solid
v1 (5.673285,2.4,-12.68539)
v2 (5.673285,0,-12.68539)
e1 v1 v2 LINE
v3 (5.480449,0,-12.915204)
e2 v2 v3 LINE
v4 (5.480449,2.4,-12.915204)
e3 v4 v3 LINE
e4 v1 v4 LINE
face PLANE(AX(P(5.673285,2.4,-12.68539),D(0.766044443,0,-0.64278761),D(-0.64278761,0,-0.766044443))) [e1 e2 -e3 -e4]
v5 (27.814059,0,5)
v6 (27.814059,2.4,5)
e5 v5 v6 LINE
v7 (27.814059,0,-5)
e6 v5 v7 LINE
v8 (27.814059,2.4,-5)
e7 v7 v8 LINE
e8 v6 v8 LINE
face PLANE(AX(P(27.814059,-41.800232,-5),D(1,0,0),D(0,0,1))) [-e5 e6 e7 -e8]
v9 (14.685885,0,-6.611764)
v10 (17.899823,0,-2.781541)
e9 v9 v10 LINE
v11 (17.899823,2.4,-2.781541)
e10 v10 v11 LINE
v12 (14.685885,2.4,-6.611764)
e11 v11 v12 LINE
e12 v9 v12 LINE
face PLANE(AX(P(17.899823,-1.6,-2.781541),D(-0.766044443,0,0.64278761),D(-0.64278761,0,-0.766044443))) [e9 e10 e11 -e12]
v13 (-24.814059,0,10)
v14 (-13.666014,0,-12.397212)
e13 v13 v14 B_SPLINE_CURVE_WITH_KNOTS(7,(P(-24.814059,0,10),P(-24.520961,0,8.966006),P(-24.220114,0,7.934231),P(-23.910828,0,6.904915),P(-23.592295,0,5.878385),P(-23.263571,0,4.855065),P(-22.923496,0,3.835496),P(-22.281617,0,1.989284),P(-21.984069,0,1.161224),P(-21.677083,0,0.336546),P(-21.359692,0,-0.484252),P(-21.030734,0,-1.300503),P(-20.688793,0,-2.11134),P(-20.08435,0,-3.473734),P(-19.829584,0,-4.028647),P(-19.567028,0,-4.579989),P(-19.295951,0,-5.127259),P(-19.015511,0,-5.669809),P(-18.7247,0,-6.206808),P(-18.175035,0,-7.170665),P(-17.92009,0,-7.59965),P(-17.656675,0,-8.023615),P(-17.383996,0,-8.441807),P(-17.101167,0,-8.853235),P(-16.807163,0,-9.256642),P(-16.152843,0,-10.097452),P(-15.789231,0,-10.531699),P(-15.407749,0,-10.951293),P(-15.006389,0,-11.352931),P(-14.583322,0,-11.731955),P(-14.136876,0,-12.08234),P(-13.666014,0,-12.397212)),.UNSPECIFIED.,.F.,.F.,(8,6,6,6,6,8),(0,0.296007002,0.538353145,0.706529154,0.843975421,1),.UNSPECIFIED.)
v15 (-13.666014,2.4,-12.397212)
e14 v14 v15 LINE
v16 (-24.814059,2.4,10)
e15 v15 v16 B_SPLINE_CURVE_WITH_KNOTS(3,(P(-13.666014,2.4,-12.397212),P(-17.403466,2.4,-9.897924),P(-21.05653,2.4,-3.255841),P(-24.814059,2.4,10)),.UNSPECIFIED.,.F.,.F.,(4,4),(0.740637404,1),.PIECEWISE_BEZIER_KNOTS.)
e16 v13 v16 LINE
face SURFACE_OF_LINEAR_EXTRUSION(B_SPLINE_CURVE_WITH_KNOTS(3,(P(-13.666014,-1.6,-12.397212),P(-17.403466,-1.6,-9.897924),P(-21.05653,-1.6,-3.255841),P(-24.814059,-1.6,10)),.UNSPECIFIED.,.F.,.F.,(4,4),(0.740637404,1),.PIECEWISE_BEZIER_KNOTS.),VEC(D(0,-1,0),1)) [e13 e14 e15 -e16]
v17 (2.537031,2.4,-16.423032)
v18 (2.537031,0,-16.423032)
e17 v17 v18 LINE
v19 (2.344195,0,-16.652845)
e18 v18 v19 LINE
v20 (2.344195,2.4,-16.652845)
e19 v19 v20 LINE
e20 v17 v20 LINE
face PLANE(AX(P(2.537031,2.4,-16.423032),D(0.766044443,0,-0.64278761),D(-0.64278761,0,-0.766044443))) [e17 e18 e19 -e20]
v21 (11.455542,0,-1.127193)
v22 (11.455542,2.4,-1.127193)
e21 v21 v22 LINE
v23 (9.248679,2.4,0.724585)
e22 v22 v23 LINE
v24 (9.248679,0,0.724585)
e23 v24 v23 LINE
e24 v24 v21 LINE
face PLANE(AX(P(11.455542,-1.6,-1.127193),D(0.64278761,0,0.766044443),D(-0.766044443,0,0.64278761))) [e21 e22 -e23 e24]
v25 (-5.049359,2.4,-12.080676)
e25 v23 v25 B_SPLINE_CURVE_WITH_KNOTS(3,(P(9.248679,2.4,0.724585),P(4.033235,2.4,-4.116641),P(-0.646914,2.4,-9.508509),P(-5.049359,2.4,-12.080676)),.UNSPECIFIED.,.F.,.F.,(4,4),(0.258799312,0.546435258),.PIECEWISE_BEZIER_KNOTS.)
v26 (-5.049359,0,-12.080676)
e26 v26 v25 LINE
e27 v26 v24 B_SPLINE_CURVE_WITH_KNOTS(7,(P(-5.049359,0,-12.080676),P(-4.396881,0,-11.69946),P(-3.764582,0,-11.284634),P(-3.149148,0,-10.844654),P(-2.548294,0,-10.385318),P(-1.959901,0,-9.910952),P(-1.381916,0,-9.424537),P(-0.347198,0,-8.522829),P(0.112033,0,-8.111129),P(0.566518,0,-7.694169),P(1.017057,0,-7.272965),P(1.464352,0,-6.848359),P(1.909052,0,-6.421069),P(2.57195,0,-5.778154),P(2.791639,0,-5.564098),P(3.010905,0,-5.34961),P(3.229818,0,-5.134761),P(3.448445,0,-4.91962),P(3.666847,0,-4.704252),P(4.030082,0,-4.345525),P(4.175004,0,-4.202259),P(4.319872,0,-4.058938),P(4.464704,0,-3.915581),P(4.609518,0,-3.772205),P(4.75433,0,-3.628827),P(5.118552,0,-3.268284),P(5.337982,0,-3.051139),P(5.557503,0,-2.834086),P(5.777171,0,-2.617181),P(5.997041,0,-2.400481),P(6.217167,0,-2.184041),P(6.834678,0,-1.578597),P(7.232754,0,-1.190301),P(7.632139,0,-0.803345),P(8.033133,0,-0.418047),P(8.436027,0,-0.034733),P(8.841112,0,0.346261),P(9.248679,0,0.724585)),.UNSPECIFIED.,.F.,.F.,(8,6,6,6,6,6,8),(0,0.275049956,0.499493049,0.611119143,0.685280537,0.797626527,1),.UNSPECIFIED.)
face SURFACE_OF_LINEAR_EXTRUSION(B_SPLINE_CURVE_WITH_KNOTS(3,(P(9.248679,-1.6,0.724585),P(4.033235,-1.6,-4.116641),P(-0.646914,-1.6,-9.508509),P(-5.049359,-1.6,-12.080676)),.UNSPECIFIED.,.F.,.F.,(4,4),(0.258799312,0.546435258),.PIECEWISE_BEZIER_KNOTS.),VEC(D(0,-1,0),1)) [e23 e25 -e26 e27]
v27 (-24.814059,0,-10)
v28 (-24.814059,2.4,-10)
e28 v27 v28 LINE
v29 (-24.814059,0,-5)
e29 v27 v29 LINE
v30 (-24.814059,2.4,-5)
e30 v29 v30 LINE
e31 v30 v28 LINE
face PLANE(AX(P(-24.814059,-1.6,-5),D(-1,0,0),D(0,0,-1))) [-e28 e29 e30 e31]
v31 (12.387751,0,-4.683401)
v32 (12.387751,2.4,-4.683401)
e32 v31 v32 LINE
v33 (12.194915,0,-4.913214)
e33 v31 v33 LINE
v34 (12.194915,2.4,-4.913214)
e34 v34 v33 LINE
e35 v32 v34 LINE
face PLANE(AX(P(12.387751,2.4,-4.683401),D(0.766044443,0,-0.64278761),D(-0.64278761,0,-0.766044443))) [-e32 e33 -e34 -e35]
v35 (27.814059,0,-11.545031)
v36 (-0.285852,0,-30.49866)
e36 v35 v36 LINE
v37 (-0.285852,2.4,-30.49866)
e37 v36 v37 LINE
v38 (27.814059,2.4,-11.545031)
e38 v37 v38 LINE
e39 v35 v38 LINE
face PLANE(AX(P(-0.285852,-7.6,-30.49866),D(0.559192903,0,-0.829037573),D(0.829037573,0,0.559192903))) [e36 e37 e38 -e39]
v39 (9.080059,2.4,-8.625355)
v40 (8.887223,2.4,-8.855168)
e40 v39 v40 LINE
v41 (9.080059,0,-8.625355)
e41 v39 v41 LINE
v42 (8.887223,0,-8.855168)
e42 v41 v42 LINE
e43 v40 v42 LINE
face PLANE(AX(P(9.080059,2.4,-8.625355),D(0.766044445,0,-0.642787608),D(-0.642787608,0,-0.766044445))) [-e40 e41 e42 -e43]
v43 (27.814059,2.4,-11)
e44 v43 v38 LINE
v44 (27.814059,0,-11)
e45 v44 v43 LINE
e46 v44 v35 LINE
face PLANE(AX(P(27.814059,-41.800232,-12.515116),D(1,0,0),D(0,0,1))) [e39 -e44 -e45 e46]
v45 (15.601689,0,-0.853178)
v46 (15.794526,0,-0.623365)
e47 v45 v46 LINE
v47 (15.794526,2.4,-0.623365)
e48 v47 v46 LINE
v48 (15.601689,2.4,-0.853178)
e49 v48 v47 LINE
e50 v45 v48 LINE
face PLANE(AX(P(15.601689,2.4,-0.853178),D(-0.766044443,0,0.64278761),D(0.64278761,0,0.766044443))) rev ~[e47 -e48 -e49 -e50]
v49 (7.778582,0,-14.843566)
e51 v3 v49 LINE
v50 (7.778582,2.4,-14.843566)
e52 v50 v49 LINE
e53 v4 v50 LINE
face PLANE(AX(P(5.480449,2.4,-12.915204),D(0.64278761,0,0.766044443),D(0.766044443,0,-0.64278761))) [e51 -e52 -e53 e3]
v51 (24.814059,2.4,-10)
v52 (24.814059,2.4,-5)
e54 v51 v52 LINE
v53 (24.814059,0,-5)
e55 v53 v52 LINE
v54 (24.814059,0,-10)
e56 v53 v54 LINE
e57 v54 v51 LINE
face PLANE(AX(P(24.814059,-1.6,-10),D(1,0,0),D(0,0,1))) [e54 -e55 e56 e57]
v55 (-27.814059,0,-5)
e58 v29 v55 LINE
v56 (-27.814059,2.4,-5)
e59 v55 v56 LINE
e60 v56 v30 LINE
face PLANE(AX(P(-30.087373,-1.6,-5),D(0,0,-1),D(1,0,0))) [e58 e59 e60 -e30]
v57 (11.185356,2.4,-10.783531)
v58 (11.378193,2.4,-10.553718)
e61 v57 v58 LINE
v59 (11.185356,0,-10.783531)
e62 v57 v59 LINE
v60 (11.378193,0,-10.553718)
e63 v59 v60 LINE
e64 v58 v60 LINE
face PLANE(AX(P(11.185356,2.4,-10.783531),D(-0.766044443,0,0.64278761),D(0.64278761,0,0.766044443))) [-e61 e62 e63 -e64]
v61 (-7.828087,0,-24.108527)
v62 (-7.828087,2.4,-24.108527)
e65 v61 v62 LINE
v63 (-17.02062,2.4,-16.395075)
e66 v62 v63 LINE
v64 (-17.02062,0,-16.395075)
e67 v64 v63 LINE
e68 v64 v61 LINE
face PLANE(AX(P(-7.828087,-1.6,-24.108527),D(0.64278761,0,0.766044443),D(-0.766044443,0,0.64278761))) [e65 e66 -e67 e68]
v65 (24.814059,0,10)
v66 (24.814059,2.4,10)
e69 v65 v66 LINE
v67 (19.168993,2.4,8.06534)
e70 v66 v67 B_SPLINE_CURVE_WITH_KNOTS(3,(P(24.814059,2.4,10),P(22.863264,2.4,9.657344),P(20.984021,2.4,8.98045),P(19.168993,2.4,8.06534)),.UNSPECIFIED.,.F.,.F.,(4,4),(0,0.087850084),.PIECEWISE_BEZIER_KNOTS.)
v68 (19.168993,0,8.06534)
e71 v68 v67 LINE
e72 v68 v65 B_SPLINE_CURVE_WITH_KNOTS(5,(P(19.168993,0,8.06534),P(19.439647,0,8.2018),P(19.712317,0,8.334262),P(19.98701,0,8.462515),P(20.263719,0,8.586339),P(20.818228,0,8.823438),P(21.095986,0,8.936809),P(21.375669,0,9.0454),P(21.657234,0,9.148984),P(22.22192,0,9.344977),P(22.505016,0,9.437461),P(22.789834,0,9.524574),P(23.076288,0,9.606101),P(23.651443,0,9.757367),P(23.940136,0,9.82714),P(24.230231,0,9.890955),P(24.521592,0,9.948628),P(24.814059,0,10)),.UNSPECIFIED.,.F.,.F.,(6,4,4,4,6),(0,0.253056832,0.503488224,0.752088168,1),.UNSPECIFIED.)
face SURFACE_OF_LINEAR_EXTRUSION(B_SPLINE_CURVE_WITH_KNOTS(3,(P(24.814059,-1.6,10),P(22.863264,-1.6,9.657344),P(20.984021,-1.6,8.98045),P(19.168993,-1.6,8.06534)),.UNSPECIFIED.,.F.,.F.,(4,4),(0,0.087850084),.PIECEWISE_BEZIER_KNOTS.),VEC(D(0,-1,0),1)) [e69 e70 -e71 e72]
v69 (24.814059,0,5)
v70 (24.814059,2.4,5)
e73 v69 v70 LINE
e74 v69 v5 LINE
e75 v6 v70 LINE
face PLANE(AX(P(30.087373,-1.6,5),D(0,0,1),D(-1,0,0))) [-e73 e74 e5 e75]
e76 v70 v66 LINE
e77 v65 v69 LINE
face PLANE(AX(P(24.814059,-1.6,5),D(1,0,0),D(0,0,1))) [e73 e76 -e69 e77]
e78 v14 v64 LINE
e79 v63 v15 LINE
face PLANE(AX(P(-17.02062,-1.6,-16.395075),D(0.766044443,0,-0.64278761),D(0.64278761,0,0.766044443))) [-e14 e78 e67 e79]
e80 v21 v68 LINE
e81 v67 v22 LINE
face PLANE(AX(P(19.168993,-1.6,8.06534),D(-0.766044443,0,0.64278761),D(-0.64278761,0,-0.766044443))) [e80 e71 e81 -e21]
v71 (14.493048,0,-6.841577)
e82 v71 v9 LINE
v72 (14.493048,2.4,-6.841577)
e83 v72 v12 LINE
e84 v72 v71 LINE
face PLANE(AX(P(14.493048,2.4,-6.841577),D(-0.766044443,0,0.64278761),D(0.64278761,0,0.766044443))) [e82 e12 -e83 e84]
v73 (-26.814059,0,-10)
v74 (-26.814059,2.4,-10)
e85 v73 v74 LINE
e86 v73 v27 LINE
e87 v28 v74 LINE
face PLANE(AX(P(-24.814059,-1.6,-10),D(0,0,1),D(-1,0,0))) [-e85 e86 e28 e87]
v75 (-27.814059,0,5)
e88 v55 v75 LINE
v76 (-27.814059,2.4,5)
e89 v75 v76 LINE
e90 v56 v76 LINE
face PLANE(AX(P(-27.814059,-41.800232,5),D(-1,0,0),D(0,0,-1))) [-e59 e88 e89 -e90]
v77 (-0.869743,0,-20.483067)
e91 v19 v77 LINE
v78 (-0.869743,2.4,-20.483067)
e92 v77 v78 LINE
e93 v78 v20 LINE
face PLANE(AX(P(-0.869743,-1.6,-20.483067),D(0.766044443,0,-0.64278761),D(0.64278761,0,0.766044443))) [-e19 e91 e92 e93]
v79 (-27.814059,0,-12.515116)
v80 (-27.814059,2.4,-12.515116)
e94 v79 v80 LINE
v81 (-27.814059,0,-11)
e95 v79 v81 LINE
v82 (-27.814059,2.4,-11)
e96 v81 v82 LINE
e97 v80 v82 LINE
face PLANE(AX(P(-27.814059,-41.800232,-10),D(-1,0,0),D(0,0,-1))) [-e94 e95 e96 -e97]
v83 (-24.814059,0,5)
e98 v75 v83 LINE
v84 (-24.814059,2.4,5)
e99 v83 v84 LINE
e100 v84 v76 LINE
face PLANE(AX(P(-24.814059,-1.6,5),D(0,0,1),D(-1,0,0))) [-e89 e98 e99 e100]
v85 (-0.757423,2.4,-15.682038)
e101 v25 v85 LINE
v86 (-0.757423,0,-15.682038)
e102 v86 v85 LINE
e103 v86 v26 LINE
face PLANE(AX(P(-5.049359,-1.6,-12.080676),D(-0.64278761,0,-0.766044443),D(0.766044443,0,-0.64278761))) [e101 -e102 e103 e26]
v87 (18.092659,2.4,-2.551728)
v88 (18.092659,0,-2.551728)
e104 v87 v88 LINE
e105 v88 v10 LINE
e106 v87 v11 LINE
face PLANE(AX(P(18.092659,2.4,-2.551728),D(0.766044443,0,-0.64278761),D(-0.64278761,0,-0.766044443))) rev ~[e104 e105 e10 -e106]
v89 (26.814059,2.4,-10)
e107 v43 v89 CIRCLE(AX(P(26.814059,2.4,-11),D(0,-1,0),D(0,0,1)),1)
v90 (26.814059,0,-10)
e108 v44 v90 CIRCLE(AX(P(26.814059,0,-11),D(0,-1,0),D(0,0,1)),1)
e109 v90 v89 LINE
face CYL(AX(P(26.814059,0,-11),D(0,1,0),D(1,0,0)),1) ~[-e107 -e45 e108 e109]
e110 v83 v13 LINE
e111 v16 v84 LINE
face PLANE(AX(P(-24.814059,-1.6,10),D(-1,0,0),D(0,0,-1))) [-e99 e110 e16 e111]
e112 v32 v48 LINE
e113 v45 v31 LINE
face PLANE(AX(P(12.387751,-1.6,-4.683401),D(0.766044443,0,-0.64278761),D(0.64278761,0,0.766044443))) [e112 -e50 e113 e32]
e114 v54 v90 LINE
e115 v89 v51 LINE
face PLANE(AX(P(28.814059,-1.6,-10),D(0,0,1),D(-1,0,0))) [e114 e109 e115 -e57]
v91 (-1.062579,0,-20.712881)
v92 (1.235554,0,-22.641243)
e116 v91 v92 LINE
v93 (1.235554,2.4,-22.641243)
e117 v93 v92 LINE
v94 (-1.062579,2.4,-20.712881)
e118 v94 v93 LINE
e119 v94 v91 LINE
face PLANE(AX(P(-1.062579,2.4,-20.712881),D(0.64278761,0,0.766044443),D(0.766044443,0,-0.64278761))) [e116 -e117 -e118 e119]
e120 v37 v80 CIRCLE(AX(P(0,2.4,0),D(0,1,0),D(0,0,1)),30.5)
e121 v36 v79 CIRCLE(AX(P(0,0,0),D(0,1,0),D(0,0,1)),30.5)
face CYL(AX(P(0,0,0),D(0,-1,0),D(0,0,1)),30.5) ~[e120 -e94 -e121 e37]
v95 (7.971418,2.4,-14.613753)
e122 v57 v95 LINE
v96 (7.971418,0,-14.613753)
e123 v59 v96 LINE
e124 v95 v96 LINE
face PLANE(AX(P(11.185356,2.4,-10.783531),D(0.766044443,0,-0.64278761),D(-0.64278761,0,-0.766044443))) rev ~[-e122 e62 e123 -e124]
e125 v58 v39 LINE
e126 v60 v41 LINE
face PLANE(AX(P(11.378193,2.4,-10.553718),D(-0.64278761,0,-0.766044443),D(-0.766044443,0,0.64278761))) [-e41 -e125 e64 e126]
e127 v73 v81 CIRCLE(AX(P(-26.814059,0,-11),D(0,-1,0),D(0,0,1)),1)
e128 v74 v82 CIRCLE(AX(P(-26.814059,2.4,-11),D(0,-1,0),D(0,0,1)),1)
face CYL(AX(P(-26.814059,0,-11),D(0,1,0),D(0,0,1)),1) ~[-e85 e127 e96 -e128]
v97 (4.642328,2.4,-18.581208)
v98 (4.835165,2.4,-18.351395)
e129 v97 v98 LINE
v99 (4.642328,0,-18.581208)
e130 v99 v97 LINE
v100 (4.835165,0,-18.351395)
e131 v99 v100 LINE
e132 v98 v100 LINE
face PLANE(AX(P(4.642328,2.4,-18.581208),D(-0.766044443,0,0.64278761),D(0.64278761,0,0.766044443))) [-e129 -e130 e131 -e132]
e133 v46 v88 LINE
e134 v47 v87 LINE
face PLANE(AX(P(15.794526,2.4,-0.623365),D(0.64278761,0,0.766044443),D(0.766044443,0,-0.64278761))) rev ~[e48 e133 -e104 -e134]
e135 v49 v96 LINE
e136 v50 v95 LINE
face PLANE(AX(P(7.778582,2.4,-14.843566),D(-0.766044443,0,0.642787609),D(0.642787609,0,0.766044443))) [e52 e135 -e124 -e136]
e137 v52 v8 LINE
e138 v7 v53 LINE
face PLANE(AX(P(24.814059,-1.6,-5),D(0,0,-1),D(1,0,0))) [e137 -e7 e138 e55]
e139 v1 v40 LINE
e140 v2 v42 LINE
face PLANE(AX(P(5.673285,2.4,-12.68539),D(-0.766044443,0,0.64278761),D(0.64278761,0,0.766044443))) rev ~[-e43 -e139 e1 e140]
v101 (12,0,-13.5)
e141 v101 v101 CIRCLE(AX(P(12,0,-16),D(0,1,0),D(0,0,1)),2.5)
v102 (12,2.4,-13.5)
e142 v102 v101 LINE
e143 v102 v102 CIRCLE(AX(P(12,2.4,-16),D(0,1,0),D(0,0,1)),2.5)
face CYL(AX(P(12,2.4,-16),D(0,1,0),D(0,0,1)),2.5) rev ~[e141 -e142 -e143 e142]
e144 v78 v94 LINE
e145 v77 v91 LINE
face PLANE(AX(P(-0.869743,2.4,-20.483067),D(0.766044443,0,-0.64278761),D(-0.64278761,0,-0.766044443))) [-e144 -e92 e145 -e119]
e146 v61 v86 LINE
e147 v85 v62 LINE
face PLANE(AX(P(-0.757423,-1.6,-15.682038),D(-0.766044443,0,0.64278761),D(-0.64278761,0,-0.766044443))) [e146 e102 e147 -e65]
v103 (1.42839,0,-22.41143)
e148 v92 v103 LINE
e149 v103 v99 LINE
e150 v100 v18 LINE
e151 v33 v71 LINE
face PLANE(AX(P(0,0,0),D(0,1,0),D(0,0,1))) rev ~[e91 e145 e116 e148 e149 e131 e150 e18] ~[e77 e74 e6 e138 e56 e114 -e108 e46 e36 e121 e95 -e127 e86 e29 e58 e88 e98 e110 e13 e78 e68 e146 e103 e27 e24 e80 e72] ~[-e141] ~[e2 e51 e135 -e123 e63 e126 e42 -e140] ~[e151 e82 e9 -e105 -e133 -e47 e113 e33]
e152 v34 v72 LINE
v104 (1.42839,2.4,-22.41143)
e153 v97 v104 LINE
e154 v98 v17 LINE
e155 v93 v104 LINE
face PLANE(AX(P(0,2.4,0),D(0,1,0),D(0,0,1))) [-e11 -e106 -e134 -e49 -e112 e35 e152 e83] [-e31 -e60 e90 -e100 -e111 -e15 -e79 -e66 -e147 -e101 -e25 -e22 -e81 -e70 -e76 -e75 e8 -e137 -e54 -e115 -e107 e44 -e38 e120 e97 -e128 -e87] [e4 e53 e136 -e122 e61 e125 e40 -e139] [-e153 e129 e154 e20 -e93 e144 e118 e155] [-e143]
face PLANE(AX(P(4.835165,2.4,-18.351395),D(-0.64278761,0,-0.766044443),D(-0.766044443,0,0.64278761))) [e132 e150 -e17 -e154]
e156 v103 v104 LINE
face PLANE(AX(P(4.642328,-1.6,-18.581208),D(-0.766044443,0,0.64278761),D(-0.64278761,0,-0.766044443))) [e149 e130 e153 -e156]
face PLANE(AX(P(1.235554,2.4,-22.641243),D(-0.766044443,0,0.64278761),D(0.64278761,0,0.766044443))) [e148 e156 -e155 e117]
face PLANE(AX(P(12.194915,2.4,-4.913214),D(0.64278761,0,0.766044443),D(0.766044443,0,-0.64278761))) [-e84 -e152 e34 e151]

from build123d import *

# Parameters (mm, degrees)
CROQUIS1_R                 = 30.5
SALIENTE_EXTRUIR1_DEPTH    = 2.4
CROQUIS2_R                 = 2
CORTAR_EXTRUIR1_DEPTH      = 4
CORTAR_EXTRUIR3_START      = -4
CORTAR_EXTRUIR3_DEPTH      = 4
CORTAR_EXTRUIR5_START      = -4
CORTAR_EXTRUIR5_DEPTH      = 4
CORTAR_EXTRUIR6_DEPTH      = 10
CROQUIS10_R                = 2.5
CORTAR_EXTRUIR7_DEPTH      = 3
CORTAR_EXTRUIR8_DEPTH      = 44.200231628
CORTAR_EXTRUIR8_DEPTH_BACK = 44.200231628
CORTAR_EXTRUIR9_START      = -10
CORTAR_EXTRUIR9_DEPTH      = 10
REDONDEO1_R                = 1
CORTAR_EXTRUIR10_DEPTH     = 3


with BuildPart() as part:
    # Croquis1 → Saliente-Extruir1 (new body)
    with BuildSketch(Plane(origin=(0, 0, 0), x_dir=(1, 0, 0), z_dir=(0, 1, 0))):
        with Locations(Location((0, 0, 0), (0, 0, 270))):
            Circle(CROQUIS1_R)
    extrude(amount=SALIENTE_EXTRUIR1_DEPTH)

    # Croquis2 → Cortar-Extruir1 (cut)
    with BuildSketch(Plane(origin=(0, 2.4, 0), x_dir=(1, 0, 0), z_dir=(0, 1, 0))):
        with Locations(Location((0, 0, 0), (0, 0, 270))):
            Circle(CROQUIS2_R)
    extrude(amount=-CORTAR_EXTRUIR1_DEPTH, mode=Mode.SUBTRACT)

    # Croquis5 → Cortar-Extruir3 (cut)
    with BuildSketch(Plane(origin=(0, 2.4, 0), x_dir=(1, 0, 0), z_dir=(0, 1, 0)).offset(CORTAR_EXTRUIR3_START)):
        with BuildLine():
            Line((28.814059068, 5), (30.087372767, 5))
            ThreePointArc((30.087372767, 5), (29.556634924, 7.526973624), (28.814059068, 10))
            Line((28.814059068, 10), (24.814059068, 10))
            Line((24.814059068, 10), (24.814059068, 5))
            Line((24.814059068, 5), (28.814059068, 5))
        make_face()
        with BuildLine():
            Line((30.087372767, -5), (28.814059068, -5))
            Line((28.814059068, -5), (24.814059068, -5))
            Line((24.814059068, -5), (24.814059068, -10))
            Line((24.814059068, -10), (28.814059068, -10))
            ThreePointArc((28.814059068, -10), (29.556634924, -7.526973624), (30.087372767, -5))
        make_face()
        with BuildLine():
            Line((-24.814059068, 5), (-24.814059068, 10))
            Line((-24.814059068, 10), (-28.814059068, 10))
            ThreePointArc((-28.814059068, 10), (-29.556634924, 7.526973624), (-30.087372767, 5))
            Line((-30.087372767, 5), (-28.814059068, 5))
            Line((-28.814059068, 5), (-24.814059068, 5))
        make_face()
        with BuildLine():
            Line((-28.814059068, -10), (-24.814059068, -10))
            Line((-24.814059068, -10), (-24.814059068, -5))
            Line((-24.814059068, -5), (-28.814059068, -5))
            Line((-28.814059068, -5), (-30.087372767, -5))
            ThreePointArc((-30.087372767, -5), (-29.556634924, -7.526973624), (-28.814059068, -10))
        make_face()
    extrude(amount=CORTAR_EXTRUIR3_DEPTH, mode=Mode.SUBTRACT)

    # Croquis7 → Cortar-Extruir5 (cut)
    with BuildSketch(Plane(origin=(0, 2.4, 0), x_dir=(1, 0, 0), z_dir=(0, 1, 0)).offset(CORTAR_EXTRUIR5_START)):
        Polygon((1.428390211, 22.411430151), (-0.869743118, 20.483067322), (2.34419493, 16.652845106), (4.642328259, 18.581207935), align=None)
        with BuildLine():
            Line((-24.814059068, -10), (-28.814059068, -10))
            ThreePointArc((-28.814059068, -10), (0, -30.5), (28.814059068, -10))
            Line((28.814059068, -10), (24.814059068, -10))
            add(Edge.make_bspline(
                [(24.814059068, -10), (22.863263717, -9.657344338), (20.984021298, -8.980450277), (19.168992989, -8.065339906)],
                knots=[0, 0, 0, 0, 0.087850084, 0.087850084, 0.087850084, 0.087850084], degree=3))
            Line((19.168992989, -8.065339906), (11.455541673, 1.127193412))
            Line((11.455541673, 1.127193412), (9.248678515, -0.72458465))
            add(Edge.make_bspline(
                [(9.248678515, -0.72458465), (4.033234859, 4.116641048), (-0.646914404, 9.508508747), (-5.04935939, 12.080675515)],
                knots=[0.258799312, 0.258799312, 0.258799312, 0.258799312, 0.546435258, 0.546435258, 0.546435258, 0.546435258], degree=3))
            Line((-5.04935939, 12.080675515), (-0.757422911, 15.682037831))
            Line((-0.757422911, 15.682037831), (-7.828086618, 24.108526705))
            Line((-7.828086618, 24.108526705), (-17.020619935, 16.395075389))
            Line((-17.020619935, 16.395075389), (-13.66601447, 12.397212273))
            add(Edge.make_bspline(
                [(-13.66601447, 12.397212273), (-17.403465693, 9.897923685), (-21.056529869, 3.255841362), (-24.814059068, -10)],
                knots=[0.740637404, 0.740637404, 0.740637404, 0.740637404, 1, 1, 1, 1], degree=3))
        make_face()
        Polygon((14.685884661, 6.611763511), (12.387751331, 4.683400682), (15.60168938, 0.853178467), (17.899822709, 2.781541296), align=None)
    extrude(amount=CORTAR_EXTRUIR5_DEPTH, mode=Mode.SUBTRACT)

    # Croquis9 → Cortar-Extruir6 (cut)
    with BuildSketch(Plane(origin=(0, 2.4, 0), x_dir=(1, 0, 0), z_dir=(0, 1, 0))):
        Polygon((7.971418181, 14.613753061), (5.673284852, 12.685390231), (8.887222901, 8.855168016), (11.18535623, 10.783530845), align=None)
    extrude(amount=-CORTAR_EXTRUIR6_DEPTH, mode=Mode.SUBTRACT)

    # Croquis10 → Cortar-Extruir7 (cut)
    with BuildSketch(Plane(origin=(0, 2.4, 0), x_dir=(1, 0, 0), z_dir=(0, 1, 0))):
        with Locations(Location((12, 16, 0), (0, 0, 270))):
            Circle(CROQUIS10_R)
    extrude(amount=-CORTAR_EXTRUIR7_DEPTH, mode=Mode.SUBTRACT)

    # Croquis11 → Cortar-Extruir8 (cut, two sides: drawn at the far end of the back side and taken through both)
    with BuildSketch(Plane(origin=(0, 2.4, 0), x_dir=(1, 0, 0), z_dir=(0, 1, 0)).offset(-CORTAR_EXTRUIR8_DEPTH_BACK)):
        with BuildLine():
            Line((30.087372767, 5), (27.814059068, 5))
            Line((27.814059068, 5), (27.814059068, -5))
            Line((27.814059068, -5), (30.087372767, -5))
            ThreePointArc((30.087372767, -5), (30.5, 0), (30.087372767, 5))
        make_face()
        with BuildLine():
            ThreePointArc((28.814059068, 10), (28.341972277, 11.268655974), (27.814059068, 12.515115586))
            Line((27.814059068, 12.515115586), (27.814059068, 10))
            Line((27.814059068, 10), (28.814059068, 10))
        make_face()
        with BuildLine():
            Line((-27.814059068, -5), (-27.814059068, 5))
            Line((-27.814059068, 5), (-30.087372767, 5))
            ThreePointArc((-30.087372767, 5), (-30.5, 0), (-30.087372767, -5))
            Line((-30.087372767, -5), (-27.814059068, -5))
        make_face()
        with BuildLine():
            Line((-28.814059068, 10), (-27.814059068, 10))
            Line((-27.814059068, 10), (-27.814059068, 12.515115586))
            ThreePointArc((-27.814059068, 12.515115586), (-28.341972277, 11.268655974), (-28.814059068, 10))
        make_face()
    extrude(amount=CORTAR_EXTRUIR8_DEPTH + CORTAR_EXTRUIR8_DEPTH_BACK, mode=Mode.SUBTRACT)

    # Croquis12 → Cortar-Extruir9 (cut)
    with BuildSketch(Plane(origin=(0, 2.4, 0), x_dir=(1, 0, 0), z_dir=(0, 1, 0)).offset(CORTAR_EXTRUIR9_START)):
        with BuildLine():
            Line((-0.28585192, 30.498660441), (27.814059068, 11.545031156))
            Line((27.814059068, 11.545031156), (27.814059068, 12.515115586))
            ThreePointArc((27.814059068, 12.515115586), (16.440879495, 25.689442995), (-0.28585192, 30.498660441))
        make_face()
    extrude(amount=CORTAR_EXTRUIR9_DEPTH, mode=Mode.SUBTRACT)

    # Redondeo1
    redondeo1_edges = [part.edges().sort_by_distance(p)[0] for p in [
        (27.814059068, 1.2, -10),
        (-27.814059068, 1.2, -10),
    ]]
    fillet(redondeo1_edges, radius=REDONDEO1_R)

    # Croquis13 → Cortar-Extruir10 (cut)
    with BuildSketch(Plane(origin=(0, 2.4, 0), x_dir=(1, 0, 0), z_dir=(0, 1, 0))):
        Polygon((1.428390211, 22.411430151), (-0.869743118, 20.483067322), (-1.062579401, 20.712880655), (1.235553928, 22.641243484), align=None)
        Polygon((2.34419493, 16.652845106), (4.642328259, 18.581207935), (4.835164542, 18.351394602), (2.537031213, 16.423031773), align=None)
        Polygon((7.971418181, 14.613753061), (5.673284852, 12.685390231), (5.480448569, 12.915203564), (7.778581899, 14.843566393), align=None)
        Polygon((8.887222901, 8.855168016), (11.18535623, 10.783530845), (11.378192513, 10.553717512), (9.080059183, 8.625354683), align=None)
        Polygon((14.685884661, 6.611763511), (12.387751331, 4.683400682), (12.194915048, 4.913214015), (14.493048378, 6.841576844), align=None)
        Polygon((17.899822709, 2.781541296), (15.60168938, 0.853178467), (15.794525663, 0.623365134), (18.092658992, 2.551727963), align=None)
    extrude(amount=-CORTAR_EXTRUIR10_DEPTH, mode=Mode.SUBTRACT)


solid = part.part
